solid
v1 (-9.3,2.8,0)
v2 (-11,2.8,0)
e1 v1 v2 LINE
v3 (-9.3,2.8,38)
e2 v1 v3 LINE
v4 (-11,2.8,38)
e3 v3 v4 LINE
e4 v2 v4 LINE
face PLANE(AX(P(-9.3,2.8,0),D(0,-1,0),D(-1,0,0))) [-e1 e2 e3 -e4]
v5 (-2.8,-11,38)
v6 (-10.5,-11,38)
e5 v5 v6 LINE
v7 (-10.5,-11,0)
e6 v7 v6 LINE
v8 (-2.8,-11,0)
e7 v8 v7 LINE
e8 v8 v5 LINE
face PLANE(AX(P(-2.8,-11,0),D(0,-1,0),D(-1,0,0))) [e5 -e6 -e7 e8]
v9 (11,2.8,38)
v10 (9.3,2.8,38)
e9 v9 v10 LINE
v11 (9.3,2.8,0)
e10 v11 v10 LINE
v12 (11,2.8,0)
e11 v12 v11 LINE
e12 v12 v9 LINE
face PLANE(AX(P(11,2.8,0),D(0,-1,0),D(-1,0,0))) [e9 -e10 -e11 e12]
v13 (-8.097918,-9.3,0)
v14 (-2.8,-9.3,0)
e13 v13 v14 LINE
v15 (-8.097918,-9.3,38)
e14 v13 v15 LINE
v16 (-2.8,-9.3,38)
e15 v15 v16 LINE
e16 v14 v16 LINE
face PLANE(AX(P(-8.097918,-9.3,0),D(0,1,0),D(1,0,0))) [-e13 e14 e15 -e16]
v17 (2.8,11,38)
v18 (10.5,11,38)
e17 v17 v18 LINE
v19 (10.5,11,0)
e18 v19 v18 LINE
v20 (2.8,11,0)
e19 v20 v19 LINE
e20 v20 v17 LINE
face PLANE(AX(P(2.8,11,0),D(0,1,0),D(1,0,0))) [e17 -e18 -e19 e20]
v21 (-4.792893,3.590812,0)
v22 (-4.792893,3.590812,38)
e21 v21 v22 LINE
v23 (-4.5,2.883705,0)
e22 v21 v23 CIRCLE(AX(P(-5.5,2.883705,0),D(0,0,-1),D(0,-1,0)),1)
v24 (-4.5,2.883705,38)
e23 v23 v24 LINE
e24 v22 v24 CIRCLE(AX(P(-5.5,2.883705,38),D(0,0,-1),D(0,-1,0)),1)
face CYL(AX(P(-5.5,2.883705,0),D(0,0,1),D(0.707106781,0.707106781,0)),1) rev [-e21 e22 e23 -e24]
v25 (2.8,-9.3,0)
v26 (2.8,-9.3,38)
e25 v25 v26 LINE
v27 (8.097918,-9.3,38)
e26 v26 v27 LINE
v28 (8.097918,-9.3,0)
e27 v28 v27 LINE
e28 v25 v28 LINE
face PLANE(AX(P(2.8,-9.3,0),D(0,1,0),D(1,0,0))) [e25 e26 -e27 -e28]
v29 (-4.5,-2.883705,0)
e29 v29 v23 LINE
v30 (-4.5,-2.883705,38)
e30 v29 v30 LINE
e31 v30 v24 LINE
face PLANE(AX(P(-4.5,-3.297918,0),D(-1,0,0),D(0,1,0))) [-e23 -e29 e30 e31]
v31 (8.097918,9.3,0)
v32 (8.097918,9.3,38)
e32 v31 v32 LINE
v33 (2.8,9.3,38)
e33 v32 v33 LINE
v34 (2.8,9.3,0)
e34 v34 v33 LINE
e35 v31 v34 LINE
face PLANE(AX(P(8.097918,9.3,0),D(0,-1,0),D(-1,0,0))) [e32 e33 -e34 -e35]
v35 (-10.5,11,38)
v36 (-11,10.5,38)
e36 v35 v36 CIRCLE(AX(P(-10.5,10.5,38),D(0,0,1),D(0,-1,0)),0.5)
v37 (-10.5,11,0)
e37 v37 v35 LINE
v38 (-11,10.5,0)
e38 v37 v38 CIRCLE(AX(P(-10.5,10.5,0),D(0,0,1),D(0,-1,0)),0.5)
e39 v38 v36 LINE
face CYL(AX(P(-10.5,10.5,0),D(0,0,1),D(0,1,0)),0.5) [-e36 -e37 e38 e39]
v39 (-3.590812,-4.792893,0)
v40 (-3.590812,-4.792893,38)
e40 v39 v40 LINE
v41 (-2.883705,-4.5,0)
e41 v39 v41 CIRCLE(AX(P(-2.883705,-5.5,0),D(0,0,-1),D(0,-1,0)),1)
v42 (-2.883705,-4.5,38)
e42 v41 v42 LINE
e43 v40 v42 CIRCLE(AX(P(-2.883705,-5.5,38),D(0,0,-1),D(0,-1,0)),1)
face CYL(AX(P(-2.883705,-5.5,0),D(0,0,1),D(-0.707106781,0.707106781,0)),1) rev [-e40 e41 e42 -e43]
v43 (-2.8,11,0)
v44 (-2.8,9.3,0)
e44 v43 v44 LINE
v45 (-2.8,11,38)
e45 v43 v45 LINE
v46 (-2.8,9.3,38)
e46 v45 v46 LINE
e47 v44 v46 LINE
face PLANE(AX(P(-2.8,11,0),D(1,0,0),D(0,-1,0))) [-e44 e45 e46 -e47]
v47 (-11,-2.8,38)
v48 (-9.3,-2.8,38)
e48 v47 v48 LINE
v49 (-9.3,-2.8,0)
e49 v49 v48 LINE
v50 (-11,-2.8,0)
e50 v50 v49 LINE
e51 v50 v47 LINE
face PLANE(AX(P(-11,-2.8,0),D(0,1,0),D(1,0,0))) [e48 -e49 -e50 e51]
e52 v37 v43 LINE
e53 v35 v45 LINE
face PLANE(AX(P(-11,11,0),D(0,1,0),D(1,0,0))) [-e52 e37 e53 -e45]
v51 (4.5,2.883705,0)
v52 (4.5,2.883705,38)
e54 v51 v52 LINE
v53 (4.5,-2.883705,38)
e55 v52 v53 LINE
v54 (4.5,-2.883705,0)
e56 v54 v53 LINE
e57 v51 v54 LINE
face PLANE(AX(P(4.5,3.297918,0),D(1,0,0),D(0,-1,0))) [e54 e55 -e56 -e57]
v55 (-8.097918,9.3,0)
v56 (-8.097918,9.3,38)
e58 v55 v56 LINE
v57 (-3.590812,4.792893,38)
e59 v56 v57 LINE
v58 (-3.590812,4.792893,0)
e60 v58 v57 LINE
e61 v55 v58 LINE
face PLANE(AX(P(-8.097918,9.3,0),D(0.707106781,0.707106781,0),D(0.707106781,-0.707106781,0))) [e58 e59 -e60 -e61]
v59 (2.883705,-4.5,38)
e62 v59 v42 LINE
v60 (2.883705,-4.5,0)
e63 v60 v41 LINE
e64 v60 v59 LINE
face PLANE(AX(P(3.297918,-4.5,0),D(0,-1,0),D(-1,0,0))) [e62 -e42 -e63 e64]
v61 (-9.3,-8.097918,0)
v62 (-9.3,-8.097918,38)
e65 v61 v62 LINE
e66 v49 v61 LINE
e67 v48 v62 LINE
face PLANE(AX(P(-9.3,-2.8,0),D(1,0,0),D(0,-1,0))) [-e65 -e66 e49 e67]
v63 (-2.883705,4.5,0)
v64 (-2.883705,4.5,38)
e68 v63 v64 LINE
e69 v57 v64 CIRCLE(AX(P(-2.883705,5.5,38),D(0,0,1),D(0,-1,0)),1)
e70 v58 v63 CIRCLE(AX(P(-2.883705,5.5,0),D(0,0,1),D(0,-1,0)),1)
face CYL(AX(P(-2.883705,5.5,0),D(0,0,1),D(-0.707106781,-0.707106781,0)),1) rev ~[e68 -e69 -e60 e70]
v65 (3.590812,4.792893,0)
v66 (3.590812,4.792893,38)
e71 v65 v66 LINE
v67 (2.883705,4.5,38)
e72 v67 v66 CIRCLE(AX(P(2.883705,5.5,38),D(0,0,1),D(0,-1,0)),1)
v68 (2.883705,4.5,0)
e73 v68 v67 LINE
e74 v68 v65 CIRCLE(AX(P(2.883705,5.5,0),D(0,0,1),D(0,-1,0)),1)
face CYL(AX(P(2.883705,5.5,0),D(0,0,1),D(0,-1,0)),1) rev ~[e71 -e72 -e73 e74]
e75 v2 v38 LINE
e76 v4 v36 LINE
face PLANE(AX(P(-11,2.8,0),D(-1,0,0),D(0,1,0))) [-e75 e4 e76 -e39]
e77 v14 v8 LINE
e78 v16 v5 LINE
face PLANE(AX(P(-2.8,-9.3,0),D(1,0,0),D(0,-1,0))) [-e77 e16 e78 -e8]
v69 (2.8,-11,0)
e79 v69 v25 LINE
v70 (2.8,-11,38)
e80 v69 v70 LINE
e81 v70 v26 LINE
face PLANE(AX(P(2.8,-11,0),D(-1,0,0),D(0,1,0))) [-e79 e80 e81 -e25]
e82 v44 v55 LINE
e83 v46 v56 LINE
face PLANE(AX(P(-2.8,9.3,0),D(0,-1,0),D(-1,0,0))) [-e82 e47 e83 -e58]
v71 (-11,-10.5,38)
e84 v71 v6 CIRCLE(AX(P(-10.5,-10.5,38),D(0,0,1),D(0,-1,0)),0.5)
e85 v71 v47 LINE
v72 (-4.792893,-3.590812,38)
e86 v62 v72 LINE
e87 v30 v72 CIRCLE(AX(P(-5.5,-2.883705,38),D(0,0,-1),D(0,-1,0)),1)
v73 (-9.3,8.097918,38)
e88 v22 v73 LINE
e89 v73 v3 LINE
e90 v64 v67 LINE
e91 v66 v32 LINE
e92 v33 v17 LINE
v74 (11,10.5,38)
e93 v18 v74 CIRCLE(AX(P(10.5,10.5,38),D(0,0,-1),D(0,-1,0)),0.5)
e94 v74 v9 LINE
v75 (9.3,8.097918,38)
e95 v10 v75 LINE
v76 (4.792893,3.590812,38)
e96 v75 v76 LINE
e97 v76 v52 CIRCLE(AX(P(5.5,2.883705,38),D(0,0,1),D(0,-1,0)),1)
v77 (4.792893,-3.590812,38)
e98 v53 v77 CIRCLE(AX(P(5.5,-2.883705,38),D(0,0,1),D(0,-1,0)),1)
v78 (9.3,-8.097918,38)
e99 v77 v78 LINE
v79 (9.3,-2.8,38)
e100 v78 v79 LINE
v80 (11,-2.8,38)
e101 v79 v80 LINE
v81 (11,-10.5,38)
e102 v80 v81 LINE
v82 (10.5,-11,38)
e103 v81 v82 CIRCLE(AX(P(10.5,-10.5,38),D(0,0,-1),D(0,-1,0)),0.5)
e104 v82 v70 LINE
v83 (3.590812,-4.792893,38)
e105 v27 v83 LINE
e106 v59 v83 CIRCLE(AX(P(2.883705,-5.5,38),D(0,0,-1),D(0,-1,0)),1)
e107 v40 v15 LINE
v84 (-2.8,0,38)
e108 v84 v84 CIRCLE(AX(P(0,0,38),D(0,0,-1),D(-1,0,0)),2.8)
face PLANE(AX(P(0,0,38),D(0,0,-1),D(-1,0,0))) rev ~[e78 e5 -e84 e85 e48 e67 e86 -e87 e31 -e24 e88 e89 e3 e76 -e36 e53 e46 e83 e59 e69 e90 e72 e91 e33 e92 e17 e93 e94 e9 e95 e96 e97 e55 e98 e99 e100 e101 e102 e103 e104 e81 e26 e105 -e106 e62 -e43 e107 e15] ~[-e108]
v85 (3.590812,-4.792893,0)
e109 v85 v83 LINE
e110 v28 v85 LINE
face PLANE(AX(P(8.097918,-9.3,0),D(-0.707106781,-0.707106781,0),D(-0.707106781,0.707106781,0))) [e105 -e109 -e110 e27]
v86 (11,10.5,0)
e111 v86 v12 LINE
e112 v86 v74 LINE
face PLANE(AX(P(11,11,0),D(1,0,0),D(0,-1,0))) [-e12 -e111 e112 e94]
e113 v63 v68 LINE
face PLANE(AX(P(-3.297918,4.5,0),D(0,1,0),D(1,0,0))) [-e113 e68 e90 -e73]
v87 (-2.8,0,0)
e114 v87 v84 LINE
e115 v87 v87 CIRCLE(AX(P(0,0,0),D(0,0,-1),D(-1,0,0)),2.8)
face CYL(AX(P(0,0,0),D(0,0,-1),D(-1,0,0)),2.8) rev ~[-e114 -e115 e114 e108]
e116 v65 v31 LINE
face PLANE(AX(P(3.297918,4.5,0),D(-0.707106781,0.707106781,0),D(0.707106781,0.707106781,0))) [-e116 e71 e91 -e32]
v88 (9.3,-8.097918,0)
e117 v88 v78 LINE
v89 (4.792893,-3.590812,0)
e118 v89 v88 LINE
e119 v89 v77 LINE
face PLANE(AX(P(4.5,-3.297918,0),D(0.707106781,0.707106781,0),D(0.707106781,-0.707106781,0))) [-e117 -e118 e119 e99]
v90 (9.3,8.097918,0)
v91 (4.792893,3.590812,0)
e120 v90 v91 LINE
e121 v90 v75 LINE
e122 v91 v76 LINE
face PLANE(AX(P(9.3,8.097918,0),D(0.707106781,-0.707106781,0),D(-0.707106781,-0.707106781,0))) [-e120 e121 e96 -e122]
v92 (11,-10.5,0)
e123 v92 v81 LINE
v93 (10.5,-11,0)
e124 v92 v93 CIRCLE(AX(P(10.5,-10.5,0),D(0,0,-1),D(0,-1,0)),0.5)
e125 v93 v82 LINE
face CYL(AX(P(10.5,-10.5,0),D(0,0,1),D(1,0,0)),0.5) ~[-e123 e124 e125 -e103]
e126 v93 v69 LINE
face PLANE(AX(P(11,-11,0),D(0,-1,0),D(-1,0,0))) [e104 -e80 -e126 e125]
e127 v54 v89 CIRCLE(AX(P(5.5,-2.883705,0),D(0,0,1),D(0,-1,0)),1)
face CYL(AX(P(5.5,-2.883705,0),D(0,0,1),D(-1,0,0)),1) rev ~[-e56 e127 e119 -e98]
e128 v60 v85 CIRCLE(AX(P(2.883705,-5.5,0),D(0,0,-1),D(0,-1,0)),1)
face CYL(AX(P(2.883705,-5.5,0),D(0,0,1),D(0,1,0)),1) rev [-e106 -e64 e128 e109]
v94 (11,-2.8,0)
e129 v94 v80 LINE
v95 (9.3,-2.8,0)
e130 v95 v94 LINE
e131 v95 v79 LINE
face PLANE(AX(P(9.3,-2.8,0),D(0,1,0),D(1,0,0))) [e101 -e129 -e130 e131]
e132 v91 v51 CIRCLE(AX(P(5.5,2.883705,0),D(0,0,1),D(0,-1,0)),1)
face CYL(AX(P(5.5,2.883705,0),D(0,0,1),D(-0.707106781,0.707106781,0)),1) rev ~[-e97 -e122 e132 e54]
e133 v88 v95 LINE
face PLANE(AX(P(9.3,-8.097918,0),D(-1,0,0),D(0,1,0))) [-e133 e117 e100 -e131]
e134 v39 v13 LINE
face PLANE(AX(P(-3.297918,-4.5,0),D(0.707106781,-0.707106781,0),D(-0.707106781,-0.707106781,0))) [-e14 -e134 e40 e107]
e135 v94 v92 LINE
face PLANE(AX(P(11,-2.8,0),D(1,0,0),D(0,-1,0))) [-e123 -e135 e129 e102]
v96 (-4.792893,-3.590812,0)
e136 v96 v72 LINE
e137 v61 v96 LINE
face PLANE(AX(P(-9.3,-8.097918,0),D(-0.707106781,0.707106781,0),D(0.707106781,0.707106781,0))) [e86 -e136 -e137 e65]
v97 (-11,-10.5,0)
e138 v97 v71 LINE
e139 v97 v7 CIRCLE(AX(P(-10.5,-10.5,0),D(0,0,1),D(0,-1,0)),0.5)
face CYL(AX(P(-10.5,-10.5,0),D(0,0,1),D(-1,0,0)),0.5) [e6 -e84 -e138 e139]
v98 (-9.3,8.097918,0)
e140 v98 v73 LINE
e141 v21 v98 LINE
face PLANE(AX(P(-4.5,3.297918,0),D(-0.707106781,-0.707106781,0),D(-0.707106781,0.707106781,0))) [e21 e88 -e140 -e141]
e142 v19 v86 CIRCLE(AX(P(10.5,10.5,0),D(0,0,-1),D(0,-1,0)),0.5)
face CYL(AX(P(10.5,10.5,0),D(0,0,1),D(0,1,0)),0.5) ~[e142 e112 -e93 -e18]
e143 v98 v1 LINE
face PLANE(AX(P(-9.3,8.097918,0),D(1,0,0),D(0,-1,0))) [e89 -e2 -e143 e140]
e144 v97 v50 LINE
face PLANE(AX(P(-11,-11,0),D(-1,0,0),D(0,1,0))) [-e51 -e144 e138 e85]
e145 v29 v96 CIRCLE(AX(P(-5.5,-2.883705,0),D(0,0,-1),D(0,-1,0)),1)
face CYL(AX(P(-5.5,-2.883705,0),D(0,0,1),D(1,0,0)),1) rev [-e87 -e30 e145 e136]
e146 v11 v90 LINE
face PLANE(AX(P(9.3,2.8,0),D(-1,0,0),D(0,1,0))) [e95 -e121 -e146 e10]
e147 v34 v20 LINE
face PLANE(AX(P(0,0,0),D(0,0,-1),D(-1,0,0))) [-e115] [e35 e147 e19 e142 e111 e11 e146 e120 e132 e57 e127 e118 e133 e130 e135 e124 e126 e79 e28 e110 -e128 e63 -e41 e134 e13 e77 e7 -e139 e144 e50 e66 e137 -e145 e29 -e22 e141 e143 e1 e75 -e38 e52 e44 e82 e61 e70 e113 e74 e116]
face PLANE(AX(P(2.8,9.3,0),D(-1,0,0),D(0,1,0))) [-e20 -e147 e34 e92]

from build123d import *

# Parameters (mm, degrees)
EXTRUSION1_DEPTH        = 38
ESQUISSE2_R             = 2.8
ENL_V_MAT_EXTRU_1_DEPTH = 39
CONG_1_R                = 0.5
CONG_2_R                = 1


with BuildPart() as part:
    # Esquisse1 → Extrusion1 (new body)
    with BuildSketch(Plane.XY):
        Polygon((-2.8, 11), (-2.8, 9.3), (-8.097918472, 9.3), (-3.297918472, 4.5), (3.297918472, 4.5), (8.097918472, 9.3), (2.8, 9.3), (2.8, 11), (11, 11), (11, 2.8), (9.3, 2.8), (9.3, 8.097918472), (4.5, 3.297918472), (4.5, -3.297918472), (9.3, -8.097918472), (9.3, -2.8), (11, -2.8), (11, -11), (2.8, -11), (2.8, -9.3), (8.097918472, -9.3), (3.297918472, -4.5), (-3.297918472, -4.5), (-8.097918472, -9.3), (-2.8, -9.3), (-2.8, -11), (-11, -11), (-11, -2.8), (-9.3, -2.8), (-9.3, -8.097918472), (-4.5, -3.297918472), (-4.5, 3.297918472), (-9.3, 8.097918472), (-9.3, 2.8), (-11, 2.8), (-11, 11), align=None)
    extrude(amount=EXTRUSION1_DEPTH)

    # Esquisse2 → Enlèv. mat.-Extru.1 (cut, through all)
    with BuildSketch(Plane(origin=(0, 0, 0), x_dir=(-1, 0, 0), z_dir=(0, 0, -1))):
        Circle(ESQUISSE2_R)
    extrude(amount=-ENL_V_MAT_EXTRU_1_DEPTH, mode=Mode.SUBTRACT)

    # Congé1
    cong_1_edges = [part.edges().sort_by_distance(p)[0] for p in [
        (-11, 11, 19),
        (11, 11, 19),
        (11, -11, 19),
        (-11, -11, 19),
    ]]
    fillet(cong_1_edges, radius=CONG_1_R)

    # Congé2
    cong_2_edges = [part.edges().sort_by_distance(p)[0] for p in [
        (-4.5, -3.297918472, 19),
        (-4.5, 3.297918472, 19),
        (-3.297918472, 4.5, 19),
        (3.297918472, 4.5, 19),
        (4.5, 3.297918472, 19),
        (4.5, -3.297918472, 19),
        (3.297918472, -4.5, 19),
        (-3.297918472, -4.5, 19),
    ]]
    fillet(cong_2_edges, radius=CONG_2_R)


solid = part.part
